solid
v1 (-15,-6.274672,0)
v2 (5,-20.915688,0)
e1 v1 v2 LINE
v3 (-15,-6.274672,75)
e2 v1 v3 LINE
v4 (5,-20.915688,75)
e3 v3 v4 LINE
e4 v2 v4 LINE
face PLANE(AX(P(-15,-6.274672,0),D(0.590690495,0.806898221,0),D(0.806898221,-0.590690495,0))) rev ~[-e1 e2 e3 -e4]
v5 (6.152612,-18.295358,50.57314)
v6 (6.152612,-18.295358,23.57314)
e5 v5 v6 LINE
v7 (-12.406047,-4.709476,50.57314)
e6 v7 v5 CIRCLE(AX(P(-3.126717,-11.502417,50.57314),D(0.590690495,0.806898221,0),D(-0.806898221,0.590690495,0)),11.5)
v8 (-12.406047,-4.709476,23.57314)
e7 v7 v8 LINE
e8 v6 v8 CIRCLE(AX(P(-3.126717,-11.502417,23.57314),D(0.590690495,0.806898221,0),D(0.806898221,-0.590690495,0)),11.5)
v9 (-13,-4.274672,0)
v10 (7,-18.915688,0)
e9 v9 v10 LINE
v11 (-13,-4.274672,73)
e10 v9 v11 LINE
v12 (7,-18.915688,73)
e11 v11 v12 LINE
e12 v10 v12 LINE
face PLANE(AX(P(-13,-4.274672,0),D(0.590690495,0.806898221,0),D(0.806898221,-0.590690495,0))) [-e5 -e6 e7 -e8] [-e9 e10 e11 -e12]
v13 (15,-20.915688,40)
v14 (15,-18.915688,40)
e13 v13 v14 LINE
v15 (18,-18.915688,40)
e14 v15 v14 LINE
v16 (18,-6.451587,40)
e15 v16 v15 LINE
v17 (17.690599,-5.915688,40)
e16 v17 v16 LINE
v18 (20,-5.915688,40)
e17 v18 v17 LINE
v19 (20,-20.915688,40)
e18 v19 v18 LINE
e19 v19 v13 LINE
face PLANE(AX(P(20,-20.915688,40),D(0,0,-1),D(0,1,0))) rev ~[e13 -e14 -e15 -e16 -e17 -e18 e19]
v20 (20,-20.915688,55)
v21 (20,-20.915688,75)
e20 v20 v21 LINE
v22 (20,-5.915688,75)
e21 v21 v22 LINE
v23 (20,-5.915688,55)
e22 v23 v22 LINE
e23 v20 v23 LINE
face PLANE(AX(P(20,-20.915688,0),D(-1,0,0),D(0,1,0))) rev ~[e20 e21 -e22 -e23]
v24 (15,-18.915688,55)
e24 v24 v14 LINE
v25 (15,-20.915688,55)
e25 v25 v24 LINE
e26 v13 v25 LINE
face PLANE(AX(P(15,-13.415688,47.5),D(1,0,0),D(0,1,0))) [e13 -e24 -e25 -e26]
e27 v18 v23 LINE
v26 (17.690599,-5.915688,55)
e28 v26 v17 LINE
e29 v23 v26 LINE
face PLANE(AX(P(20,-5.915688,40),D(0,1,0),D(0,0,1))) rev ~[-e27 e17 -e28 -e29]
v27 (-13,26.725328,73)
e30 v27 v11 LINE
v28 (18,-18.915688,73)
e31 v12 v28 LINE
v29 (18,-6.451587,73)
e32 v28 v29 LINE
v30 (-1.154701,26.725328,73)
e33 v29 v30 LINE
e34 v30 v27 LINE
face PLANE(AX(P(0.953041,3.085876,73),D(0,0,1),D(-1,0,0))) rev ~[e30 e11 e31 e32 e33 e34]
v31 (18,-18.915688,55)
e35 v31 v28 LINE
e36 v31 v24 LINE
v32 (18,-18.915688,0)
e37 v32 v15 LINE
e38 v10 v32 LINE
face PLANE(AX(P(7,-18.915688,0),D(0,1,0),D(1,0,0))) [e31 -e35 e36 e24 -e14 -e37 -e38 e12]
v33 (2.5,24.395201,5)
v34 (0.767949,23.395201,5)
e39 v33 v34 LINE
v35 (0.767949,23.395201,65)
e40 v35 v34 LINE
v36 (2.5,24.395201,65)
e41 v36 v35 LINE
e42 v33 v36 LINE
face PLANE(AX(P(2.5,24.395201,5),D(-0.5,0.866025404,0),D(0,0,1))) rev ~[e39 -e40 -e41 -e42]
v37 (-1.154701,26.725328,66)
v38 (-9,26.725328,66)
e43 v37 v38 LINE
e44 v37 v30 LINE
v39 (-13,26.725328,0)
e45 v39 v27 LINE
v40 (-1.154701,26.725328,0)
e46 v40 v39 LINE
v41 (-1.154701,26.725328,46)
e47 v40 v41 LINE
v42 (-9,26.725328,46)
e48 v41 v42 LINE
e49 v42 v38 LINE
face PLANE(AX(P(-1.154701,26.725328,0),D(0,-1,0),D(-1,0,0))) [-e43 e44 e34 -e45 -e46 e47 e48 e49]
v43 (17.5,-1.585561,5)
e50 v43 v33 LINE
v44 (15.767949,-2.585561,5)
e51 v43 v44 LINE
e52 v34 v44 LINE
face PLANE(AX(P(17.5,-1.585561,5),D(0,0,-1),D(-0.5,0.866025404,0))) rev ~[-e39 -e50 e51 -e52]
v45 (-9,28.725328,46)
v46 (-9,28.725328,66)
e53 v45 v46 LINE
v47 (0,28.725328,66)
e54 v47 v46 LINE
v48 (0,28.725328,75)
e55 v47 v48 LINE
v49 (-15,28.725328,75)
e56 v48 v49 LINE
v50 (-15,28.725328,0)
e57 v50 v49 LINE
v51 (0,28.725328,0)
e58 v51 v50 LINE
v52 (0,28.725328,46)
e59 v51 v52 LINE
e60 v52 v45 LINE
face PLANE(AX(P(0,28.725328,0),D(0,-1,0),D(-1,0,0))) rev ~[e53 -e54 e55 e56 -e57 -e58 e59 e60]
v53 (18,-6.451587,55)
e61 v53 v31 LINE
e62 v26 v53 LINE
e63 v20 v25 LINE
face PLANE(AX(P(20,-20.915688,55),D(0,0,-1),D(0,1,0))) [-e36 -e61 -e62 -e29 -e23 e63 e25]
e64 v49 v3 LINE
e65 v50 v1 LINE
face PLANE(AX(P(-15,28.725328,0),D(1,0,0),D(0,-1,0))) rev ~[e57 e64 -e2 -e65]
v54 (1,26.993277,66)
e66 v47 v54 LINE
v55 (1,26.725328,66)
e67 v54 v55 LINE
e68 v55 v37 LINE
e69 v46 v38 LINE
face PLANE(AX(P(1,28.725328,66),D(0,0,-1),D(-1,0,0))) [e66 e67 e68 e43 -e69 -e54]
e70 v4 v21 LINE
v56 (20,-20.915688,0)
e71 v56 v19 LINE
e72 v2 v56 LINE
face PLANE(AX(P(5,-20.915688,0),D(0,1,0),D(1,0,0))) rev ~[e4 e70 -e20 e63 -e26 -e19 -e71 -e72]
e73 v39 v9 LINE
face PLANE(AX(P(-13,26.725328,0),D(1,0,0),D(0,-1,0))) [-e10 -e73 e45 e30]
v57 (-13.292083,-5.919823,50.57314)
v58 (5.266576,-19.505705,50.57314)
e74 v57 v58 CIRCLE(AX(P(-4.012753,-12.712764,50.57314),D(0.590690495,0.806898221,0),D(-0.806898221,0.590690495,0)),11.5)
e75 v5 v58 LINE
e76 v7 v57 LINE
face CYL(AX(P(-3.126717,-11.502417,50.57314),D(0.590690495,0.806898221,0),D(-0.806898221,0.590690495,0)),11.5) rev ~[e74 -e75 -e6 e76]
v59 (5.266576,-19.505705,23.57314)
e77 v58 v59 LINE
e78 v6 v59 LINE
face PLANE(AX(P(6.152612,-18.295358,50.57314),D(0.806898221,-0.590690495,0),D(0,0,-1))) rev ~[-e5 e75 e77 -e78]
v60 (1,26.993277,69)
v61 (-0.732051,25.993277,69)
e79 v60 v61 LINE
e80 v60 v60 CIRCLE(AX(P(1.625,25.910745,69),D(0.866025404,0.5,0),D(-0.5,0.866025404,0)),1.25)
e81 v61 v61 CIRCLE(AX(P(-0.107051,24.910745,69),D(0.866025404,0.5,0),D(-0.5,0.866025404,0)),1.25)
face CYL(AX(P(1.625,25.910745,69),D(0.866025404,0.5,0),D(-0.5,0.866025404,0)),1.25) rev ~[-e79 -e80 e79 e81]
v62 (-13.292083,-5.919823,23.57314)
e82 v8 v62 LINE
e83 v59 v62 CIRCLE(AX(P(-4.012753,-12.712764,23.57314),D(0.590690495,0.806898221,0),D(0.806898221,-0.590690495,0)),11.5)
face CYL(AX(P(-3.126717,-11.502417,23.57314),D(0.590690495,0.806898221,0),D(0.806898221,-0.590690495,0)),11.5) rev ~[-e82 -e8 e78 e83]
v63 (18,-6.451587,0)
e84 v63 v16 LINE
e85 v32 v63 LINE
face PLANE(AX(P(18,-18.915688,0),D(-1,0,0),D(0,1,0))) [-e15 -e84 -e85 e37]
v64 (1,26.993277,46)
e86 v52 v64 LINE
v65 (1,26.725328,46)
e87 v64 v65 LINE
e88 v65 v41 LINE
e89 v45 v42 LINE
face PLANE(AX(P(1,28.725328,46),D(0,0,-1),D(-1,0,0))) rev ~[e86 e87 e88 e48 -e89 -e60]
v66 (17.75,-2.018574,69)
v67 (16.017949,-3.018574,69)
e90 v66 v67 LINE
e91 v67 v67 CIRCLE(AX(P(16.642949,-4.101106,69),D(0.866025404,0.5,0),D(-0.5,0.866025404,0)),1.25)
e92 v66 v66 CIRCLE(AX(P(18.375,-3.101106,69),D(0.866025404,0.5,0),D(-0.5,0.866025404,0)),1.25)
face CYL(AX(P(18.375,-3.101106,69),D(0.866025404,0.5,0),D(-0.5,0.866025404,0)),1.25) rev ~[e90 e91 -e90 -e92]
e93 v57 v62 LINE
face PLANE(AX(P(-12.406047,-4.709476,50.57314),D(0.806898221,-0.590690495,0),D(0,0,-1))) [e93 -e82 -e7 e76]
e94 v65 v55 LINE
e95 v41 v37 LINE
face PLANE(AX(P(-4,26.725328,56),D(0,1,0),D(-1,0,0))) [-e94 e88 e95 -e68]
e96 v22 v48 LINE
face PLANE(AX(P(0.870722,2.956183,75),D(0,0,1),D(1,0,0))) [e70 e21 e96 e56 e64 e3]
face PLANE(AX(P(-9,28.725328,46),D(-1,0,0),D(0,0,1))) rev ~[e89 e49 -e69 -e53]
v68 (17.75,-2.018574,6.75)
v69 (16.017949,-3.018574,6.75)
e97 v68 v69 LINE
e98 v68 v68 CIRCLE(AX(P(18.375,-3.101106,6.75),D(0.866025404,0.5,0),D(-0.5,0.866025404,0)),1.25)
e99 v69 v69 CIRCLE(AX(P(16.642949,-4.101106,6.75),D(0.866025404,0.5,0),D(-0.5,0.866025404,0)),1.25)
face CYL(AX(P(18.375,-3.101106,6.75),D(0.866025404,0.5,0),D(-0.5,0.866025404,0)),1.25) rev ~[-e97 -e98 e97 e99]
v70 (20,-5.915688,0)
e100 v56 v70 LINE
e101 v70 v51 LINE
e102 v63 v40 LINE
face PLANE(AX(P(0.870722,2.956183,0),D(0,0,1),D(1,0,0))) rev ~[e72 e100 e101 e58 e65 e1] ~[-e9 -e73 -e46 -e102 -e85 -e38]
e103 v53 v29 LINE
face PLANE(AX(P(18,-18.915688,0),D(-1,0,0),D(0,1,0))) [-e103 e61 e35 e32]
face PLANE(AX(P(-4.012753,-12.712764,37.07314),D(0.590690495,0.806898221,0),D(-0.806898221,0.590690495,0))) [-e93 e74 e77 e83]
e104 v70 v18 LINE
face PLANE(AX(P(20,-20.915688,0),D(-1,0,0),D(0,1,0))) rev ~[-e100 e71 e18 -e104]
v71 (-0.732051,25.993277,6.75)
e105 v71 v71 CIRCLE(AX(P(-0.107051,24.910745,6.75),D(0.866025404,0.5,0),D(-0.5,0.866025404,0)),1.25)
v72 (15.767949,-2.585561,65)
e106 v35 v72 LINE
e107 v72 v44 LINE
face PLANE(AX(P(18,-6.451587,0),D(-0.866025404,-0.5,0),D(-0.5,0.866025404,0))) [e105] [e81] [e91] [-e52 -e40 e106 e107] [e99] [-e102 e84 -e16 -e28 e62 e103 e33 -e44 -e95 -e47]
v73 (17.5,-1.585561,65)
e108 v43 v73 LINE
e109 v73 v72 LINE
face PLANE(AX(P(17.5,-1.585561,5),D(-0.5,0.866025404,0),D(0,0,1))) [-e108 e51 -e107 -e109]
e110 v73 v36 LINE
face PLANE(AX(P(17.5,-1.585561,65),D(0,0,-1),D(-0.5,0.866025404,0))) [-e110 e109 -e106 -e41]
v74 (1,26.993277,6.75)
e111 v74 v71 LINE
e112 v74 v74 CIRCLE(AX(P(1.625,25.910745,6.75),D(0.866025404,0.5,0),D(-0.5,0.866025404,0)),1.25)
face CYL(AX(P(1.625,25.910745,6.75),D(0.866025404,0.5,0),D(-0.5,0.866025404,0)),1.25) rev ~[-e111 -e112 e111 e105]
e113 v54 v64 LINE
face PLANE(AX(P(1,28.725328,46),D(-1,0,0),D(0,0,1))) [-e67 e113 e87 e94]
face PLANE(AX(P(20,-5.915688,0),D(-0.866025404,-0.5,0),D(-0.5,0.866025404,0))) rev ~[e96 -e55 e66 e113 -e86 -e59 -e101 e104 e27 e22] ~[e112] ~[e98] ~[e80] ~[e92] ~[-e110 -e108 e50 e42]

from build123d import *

# Parameters (mm, degrees)
PAD_DEPTH       = 75
POCKET_DEPTH    = 73
SKETCH002_R     = 1.25
SKETCH002_W     = 30
SKETCH002_H     = 60
POCKET001_DEPTH = 5
SKETCH005_W     = 10
SKETCH005_H     = 20
POCKET002_DEPTH = 2
SKETCH004_W     = 15
SKETCH004_H     = 15
POCKET003_DEPTH = 5
POCKET004_DEPTH = 1.5


with BuildPart() as part:
    # Sketch → Pad (new body)
    with BuildSketch(Plane.XY):
        Polygon((-15, 28.7253277197), (-15, -6.2746722803), (5, -20.9156884317), (20, -20.9156884317), (20, -5.9156884317), (0, 28.7253277197), align=None)
    extrude(amount=PAD_DEPTH)

    # Sketch001 (on Face7 of Pad) → Pocket (cut)
    with BuildSketch(Plane(origin=(0, 0, 0), x_dir=(1, 0, 0), z_dir=(0, 0, -1))):
        Polygon((-13, 4.2746722803), (7, 18.9156884317), (18, 18.9156884317), (18, 6.4515868166), (-1.1547005384, -26.7253277197), (-13, -26.7253277197), align=None)
    extrude(amount=-POCKET_DEPTH, mode=Mode.SUBTRACT)

    # Sketch002 (on Face6 of Pocket) → Pocket001 (cut)
    with BuildSketch(Plane(origin=(12.4384317686, 7.1813319299, 0), x_dir=(-0.5, 0.8660254038, 0), z_dir=(0.8660254038, 0.5, 0))):
        with Locations((-11.8731364627, 69)):
            Circle(SKETCH002_R)
        with Locations((21.6268635373, 6.75)):
            Circle(SKETCH002_R)
        with Locations((-11.8731364627, 6.75)):
            Circle(SKETCH002_R)
        with Locations((21.6268635373, 69)):
            Circle(SKETCH002_R)
        with Locations((4.8768635373, 35)):
            Rectangle(SKETCH002_W, SKETCH002_H)
    extrude(amount=-POCKET001_DEPTH, mode=Mode.SUBTRACT)

    # Sketch005 (on Face2 of Pocket001) → Pocket002 (cut)
    with BuildSketch(Plane(origin=(0, 28.7253277197, 0), x_dir=(-1, 0, 0), z_dir=(0, 1, 0))):
        with Locations((4, 56)):
            Rectangle(SKETCH005_W, SKETCH005_H)
    extrude(amount=-POCKET002_DEPTH, mode=Mode.SUBTRACT)

    # Sketch004 (on Face8 of Pocket001) → Pocket003 (cut)
    with BuildSketch(Plane.YZ.offset(20)):
        with Locations((-13.4156884317, 47.5)):
            Rectangle(SKETCH004_W, SKETCH004_H)
    extrude(amount=-POCKET003_DEPTH, mode=Mode.SUBTRACT)

    # Sketch006 (on Face12 of Pocket003) → Pocket004 (cut)
    with BuildSketch(Plane(origin=(-6.5733230776, -8.9793263113, 0), x_dir=(-0.8068982214, 0.5906904946, 0), z_dir=(0.5906904946, 0.8068982214, 0))):
        with BuildLine():
            ThreePointArc((7.2285743414, 50.5731403336), (-4.2714256586, 62.0731403336), (-15.7714256586, 50.5731403336))
            Line((-15.7714256586, 50.5731403336), (-15.7714256586, 23.5731403336))
            ThreePointArc((-15.7714256586, 23.5731403336), (-4.2714256586, 12.0731403336), (7.2285743414, 23.5731403336))
            Line((7.2285743414, 50.5731403336), (7.2285743414, 23.5731403336))
        make_face()
    extrude(amount=-POCKET004_DEPTH, mode=Mode.SUBTRACT)


solid = part.part
